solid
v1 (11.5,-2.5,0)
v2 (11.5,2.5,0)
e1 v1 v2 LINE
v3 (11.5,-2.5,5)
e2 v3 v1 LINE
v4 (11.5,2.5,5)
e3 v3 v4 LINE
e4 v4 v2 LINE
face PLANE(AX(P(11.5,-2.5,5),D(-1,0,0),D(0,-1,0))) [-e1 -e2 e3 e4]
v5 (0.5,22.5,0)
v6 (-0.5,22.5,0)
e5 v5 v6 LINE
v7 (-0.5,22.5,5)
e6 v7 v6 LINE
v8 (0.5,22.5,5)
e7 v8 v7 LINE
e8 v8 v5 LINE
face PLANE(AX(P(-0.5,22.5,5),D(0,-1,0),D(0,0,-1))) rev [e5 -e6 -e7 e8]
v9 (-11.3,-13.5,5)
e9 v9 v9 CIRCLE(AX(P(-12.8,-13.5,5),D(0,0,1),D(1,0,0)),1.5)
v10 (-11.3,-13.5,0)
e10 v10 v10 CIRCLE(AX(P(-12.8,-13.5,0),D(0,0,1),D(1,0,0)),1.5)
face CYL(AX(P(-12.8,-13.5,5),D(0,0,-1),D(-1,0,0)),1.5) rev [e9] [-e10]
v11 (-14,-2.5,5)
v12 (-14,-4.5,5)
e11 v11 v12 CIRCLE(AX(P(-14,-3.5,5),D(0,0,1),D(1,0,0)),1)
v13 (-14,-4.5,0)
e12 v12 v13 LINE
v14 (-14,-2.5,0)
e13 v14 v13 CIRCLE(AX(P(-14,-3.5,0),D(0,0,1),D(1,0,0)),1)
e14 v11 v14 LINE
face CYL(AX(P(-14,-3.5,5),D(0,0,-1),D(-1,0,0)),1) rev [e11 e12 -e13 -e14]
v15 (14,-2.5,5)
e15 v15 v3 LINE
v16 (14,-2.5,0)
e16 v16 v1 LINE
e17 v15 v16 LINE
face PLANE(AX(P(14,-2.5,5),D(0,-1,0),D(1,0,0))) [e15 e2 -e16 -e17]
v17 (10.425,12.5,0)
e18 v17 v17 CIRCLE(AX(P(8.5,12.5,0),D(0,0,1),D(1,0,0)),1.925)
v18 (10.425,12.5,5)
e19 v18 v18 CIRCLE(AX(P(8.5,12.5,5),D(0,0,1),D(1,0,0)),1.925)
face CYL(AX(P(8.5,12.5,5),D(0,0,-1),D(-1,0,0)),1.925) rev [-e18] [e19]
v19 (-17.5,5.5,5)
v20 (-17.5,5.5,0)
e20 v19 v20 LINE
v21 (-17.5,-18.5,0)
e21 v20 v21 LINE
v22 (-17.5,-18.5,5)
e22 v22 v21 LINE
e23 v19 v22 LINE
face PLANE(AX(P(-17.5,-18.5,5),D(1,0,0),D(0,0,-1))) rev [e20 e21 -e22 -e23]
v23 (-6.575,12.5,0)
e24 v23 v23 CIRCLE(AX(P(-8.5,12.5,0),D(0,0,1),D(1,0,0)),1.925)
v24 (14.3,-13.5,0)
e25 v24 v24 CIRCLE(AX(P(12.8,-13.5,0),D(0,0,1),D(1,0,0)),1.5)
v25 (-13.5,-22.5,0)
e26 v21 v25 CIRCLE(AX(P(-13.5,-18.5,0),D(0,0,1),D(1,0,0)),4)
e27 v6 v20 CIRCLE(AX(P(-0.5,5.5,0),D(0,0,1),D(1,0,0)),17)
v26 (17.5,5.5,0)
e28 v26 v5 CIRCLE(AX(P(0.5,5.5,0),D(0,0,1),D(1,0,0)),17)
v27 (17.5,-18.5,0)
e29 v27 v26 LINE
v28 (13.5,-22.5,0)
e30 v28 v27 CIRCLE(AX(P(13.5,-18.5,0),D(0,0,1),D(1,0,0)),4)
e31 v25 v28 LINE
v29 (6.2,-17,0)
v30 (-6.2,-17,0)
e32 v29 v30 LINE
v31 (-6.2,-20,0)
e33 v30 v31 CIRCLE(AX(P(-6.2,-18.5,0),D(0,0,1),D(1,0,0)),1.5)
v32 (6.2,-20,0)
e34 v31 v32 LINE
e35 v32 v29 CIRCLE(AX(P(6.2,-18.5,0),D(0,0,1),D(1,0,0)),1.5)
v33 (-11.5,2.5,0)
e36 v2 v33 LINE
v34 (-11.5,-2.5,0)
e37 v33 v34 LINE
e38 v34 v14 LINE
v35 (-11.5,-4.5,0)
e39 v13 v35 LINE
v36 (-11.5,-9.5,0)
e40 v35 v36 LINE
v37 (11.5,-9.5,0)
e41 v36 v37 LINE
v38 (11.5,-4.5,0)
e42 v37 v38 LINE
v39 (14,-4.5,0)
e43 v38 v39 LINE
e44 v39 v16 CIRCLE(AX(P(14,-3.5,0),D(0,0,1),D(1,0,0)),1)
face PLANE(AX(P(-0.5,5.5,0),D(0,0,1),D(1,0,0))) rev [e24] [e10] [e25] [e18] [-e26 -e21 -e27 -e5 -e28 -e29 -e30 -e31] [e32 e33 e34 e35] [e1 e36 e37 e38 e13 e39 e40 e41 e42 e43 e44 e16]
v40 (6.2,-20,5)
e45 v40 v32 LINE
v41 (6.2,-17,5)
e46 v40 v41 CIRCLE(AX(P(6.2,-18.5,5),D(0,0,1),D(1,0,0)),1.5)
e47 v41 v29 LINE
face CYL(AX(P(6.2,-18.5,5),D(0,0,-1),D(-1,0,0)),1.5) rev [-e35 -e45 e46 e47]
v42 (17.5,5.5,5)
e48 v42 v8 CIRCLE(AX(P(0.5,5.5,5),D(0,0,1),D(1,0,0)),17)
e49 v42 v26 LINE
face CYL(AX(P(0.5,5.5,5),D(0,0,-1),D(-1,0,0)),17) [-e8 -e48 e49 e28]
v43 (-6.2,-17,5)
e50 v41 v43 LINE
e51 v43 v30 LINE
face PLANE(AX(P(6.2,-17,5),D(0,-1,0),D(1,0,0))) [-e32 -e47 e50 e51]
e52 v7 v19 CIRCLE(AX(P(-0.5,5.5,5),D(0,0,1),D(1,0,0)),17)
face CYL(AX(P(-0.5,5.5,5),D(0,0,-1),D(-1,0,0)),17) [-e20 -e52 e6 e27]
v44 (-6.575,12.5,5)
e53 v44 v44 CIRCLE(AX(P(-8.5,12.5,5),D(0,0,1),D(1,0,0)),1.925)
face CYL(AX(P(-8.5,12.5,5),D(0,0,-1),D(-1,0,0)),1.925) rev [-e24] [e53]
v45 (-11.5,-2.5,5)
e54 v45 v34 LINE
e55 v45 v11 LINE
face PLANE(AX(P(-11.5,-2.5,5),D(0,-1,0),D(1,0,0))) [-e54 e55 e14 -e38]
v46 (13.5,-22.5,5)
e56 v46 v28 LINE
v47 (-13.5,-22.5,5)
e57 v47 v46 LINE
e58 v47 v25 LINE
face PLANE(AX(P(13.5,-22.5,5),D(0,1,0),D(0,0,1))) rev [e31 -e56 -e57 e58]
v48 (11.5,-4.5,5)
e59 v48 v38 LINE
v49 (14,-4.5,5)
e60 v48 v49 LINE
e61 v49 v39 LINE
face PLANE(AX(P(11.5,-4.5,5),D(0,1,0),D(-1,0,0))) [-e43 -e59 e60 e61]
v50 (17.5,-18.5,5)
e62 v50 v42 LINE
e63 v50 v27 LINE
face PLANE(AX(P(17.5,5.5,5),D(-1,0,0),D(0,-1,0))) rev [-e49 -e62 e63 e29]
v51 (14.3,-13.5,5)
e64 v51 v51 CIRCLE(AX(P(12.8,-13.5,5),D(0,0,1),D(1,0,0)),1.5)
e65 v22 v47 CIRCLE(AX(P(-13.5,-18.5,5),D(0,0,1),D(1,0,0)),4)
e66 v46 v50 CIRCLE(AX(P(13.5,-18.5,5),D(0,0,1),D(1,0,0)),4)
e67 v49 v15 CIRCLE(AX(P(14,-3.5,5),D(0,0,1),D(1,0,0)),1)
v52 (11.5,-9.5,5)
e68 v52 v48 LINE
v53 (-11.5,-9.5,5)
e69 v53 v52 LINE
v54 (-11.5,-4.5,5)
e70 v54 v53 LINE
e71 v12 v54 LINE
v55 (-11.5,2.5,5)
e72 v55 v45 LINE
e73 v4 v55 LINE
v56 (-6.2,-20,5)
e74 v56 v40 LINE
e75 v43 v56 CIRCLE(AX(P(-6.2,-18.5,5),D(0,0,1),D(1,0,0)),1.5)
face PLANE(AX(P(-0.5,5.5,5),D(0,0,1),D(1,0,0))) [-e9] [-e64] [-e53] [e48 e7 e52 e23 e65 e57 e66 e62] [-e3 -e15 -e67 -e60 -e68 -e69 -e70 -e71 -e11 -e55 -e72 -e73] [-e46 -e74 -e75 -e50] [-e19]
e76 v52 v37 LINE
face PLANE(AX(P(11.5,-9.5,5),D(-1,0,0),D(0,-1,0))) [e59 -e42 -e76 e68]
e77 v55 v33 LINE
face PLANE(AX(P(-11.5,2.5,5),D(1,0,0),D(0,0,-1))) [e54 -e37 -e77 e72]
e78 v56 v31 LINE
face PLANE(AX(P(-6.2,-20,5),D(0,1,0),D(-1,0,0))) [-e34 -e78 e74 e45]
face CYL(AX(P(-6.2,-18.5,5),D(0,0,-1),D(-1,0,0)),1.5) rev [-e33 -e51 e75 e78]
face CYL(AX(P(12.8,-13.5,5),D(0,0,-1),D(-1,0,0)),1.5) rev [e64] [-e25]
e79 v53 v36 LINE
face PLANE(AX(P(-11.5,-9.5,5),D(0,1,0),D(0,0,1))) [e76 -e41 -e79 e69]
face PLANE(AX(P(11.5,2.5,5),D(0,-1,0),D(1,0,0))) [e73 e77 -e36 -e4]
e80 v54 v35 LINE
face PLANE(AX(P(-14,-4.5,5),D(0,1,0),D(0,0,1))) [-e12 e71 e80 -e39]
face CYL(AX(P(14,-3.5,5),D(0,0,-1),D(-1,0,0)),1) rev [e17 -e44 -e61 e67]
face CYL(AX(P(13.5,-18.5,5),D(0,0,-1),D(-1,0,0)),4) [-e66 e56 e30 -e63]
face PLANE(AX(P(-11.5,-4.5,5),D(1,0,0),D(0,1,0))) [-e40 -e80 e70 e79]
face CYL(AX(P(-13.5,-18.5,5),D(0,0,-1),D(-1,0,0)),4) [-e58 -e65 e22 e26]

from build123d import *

# Parameters (mm, degrees)
ESQUISSE1_R        = 1.925
ESQUISSE1_R_2      = 1.5
BOSS_EXTRU_1_DEPTH = 5


with BuildPart() as part:
    # Esquisse1 → Boss.-Extru.1 (new body)
    with BuildSketch(Plane.XY):
        with BuildLine():
            Line((13.5, -22.5), (-13.5, -22.5))
            ThreePointArc((-13.5, -22.5), (-16.328427125, -21.328427125), (-17.5, -18.5))
            Line((-17.5, -18.5), (-17.5, 5.5))
            ThreePointArc((-17.5, 5.5), (-12.52081528, 17.52081528), (-0.5, 22.5))
            Line((-0.5, 22.5), (0.5, 22.5))
            ThreePointArc((0.5, 22.5), (12.52081528, 17.52081528), (17.5, 5.5))
            Line((17.5, 5.5), (17.5, -18.5))
            ThreePointArc((17.5, -18.5), (16.328427125, -21.328427125), (13.5, -22.5))
        make_face()
        with Locations((8.5, 12.5)):
            Circle(ESQUISSE1_R, mode=Mode.SUBTRACT)
        with Locations((-8.5, 12.5)):
            Circle(ESQUISSE1_R, mode=Mode.SUBTRACT)
        with Locations((-12.8, -13.5)):
            Circle(ESQUISSE1_R_2, mode=Mode.SUBTRACT)
        with Locations((12.8, -13.5)):
            Circle(ESQUISSE1_R_2, mode=Mode.SUBTRACT)
        with BuildLine():
            Line((-6.2, -20), (6.2, -20))
            ThreePointArc((6.2, -20), (7.260660172, -19.560660172), (7.7, -18.5))
            ThreePointArc((7.7, -18.5), (7.260660172, -17.439339828), (6.2, -17))
            Line((6.2, -17), (-6.2, -17))
            ThreePointArc((-6.2, -17), (-7.260660172, -17.439339828), (-7.7, -18.5))
            ThreePointArc((-7.7, -18.5), (-7.260660172, -19.560660172), (-6.2, -20))
        make_face(mode=Mode.SUBTRACT)
        with BuildLine():
            Line((-11.5, -9.5), (11.5, -9.5))
            Line((11.5, -9.5), (11.5, -4.5))
            Line((11.5, -4.5), (14, -4.5))
            ThreePointArc((14, -4.5), (15, -3.5), (14, -2.5))
            Line((14, -2.5), (11.5, -2.5))
            Line((11.5, -2.5), (11.5, 2.5))
            Line((11.5, 2.5), (-11.5, 2.5))
            Line((-11.5, 2.5), (-11.5, -2.5))
            Line((-11.5, -2.5), (-14, -2.5))
            ThreePointArc((-14, -2.5), (-15, -3.5), (-14, -4.5))
            Line((-14, -4.5), (-11.5, -4.5))
            Line((-11.5, -4.5), (-11.5, -9.5))
        make_face(mode=Mode.SUBTRACT)
    extrude(amount=BOSS_EXTRU_1_DEPTH)


solid = part.part
